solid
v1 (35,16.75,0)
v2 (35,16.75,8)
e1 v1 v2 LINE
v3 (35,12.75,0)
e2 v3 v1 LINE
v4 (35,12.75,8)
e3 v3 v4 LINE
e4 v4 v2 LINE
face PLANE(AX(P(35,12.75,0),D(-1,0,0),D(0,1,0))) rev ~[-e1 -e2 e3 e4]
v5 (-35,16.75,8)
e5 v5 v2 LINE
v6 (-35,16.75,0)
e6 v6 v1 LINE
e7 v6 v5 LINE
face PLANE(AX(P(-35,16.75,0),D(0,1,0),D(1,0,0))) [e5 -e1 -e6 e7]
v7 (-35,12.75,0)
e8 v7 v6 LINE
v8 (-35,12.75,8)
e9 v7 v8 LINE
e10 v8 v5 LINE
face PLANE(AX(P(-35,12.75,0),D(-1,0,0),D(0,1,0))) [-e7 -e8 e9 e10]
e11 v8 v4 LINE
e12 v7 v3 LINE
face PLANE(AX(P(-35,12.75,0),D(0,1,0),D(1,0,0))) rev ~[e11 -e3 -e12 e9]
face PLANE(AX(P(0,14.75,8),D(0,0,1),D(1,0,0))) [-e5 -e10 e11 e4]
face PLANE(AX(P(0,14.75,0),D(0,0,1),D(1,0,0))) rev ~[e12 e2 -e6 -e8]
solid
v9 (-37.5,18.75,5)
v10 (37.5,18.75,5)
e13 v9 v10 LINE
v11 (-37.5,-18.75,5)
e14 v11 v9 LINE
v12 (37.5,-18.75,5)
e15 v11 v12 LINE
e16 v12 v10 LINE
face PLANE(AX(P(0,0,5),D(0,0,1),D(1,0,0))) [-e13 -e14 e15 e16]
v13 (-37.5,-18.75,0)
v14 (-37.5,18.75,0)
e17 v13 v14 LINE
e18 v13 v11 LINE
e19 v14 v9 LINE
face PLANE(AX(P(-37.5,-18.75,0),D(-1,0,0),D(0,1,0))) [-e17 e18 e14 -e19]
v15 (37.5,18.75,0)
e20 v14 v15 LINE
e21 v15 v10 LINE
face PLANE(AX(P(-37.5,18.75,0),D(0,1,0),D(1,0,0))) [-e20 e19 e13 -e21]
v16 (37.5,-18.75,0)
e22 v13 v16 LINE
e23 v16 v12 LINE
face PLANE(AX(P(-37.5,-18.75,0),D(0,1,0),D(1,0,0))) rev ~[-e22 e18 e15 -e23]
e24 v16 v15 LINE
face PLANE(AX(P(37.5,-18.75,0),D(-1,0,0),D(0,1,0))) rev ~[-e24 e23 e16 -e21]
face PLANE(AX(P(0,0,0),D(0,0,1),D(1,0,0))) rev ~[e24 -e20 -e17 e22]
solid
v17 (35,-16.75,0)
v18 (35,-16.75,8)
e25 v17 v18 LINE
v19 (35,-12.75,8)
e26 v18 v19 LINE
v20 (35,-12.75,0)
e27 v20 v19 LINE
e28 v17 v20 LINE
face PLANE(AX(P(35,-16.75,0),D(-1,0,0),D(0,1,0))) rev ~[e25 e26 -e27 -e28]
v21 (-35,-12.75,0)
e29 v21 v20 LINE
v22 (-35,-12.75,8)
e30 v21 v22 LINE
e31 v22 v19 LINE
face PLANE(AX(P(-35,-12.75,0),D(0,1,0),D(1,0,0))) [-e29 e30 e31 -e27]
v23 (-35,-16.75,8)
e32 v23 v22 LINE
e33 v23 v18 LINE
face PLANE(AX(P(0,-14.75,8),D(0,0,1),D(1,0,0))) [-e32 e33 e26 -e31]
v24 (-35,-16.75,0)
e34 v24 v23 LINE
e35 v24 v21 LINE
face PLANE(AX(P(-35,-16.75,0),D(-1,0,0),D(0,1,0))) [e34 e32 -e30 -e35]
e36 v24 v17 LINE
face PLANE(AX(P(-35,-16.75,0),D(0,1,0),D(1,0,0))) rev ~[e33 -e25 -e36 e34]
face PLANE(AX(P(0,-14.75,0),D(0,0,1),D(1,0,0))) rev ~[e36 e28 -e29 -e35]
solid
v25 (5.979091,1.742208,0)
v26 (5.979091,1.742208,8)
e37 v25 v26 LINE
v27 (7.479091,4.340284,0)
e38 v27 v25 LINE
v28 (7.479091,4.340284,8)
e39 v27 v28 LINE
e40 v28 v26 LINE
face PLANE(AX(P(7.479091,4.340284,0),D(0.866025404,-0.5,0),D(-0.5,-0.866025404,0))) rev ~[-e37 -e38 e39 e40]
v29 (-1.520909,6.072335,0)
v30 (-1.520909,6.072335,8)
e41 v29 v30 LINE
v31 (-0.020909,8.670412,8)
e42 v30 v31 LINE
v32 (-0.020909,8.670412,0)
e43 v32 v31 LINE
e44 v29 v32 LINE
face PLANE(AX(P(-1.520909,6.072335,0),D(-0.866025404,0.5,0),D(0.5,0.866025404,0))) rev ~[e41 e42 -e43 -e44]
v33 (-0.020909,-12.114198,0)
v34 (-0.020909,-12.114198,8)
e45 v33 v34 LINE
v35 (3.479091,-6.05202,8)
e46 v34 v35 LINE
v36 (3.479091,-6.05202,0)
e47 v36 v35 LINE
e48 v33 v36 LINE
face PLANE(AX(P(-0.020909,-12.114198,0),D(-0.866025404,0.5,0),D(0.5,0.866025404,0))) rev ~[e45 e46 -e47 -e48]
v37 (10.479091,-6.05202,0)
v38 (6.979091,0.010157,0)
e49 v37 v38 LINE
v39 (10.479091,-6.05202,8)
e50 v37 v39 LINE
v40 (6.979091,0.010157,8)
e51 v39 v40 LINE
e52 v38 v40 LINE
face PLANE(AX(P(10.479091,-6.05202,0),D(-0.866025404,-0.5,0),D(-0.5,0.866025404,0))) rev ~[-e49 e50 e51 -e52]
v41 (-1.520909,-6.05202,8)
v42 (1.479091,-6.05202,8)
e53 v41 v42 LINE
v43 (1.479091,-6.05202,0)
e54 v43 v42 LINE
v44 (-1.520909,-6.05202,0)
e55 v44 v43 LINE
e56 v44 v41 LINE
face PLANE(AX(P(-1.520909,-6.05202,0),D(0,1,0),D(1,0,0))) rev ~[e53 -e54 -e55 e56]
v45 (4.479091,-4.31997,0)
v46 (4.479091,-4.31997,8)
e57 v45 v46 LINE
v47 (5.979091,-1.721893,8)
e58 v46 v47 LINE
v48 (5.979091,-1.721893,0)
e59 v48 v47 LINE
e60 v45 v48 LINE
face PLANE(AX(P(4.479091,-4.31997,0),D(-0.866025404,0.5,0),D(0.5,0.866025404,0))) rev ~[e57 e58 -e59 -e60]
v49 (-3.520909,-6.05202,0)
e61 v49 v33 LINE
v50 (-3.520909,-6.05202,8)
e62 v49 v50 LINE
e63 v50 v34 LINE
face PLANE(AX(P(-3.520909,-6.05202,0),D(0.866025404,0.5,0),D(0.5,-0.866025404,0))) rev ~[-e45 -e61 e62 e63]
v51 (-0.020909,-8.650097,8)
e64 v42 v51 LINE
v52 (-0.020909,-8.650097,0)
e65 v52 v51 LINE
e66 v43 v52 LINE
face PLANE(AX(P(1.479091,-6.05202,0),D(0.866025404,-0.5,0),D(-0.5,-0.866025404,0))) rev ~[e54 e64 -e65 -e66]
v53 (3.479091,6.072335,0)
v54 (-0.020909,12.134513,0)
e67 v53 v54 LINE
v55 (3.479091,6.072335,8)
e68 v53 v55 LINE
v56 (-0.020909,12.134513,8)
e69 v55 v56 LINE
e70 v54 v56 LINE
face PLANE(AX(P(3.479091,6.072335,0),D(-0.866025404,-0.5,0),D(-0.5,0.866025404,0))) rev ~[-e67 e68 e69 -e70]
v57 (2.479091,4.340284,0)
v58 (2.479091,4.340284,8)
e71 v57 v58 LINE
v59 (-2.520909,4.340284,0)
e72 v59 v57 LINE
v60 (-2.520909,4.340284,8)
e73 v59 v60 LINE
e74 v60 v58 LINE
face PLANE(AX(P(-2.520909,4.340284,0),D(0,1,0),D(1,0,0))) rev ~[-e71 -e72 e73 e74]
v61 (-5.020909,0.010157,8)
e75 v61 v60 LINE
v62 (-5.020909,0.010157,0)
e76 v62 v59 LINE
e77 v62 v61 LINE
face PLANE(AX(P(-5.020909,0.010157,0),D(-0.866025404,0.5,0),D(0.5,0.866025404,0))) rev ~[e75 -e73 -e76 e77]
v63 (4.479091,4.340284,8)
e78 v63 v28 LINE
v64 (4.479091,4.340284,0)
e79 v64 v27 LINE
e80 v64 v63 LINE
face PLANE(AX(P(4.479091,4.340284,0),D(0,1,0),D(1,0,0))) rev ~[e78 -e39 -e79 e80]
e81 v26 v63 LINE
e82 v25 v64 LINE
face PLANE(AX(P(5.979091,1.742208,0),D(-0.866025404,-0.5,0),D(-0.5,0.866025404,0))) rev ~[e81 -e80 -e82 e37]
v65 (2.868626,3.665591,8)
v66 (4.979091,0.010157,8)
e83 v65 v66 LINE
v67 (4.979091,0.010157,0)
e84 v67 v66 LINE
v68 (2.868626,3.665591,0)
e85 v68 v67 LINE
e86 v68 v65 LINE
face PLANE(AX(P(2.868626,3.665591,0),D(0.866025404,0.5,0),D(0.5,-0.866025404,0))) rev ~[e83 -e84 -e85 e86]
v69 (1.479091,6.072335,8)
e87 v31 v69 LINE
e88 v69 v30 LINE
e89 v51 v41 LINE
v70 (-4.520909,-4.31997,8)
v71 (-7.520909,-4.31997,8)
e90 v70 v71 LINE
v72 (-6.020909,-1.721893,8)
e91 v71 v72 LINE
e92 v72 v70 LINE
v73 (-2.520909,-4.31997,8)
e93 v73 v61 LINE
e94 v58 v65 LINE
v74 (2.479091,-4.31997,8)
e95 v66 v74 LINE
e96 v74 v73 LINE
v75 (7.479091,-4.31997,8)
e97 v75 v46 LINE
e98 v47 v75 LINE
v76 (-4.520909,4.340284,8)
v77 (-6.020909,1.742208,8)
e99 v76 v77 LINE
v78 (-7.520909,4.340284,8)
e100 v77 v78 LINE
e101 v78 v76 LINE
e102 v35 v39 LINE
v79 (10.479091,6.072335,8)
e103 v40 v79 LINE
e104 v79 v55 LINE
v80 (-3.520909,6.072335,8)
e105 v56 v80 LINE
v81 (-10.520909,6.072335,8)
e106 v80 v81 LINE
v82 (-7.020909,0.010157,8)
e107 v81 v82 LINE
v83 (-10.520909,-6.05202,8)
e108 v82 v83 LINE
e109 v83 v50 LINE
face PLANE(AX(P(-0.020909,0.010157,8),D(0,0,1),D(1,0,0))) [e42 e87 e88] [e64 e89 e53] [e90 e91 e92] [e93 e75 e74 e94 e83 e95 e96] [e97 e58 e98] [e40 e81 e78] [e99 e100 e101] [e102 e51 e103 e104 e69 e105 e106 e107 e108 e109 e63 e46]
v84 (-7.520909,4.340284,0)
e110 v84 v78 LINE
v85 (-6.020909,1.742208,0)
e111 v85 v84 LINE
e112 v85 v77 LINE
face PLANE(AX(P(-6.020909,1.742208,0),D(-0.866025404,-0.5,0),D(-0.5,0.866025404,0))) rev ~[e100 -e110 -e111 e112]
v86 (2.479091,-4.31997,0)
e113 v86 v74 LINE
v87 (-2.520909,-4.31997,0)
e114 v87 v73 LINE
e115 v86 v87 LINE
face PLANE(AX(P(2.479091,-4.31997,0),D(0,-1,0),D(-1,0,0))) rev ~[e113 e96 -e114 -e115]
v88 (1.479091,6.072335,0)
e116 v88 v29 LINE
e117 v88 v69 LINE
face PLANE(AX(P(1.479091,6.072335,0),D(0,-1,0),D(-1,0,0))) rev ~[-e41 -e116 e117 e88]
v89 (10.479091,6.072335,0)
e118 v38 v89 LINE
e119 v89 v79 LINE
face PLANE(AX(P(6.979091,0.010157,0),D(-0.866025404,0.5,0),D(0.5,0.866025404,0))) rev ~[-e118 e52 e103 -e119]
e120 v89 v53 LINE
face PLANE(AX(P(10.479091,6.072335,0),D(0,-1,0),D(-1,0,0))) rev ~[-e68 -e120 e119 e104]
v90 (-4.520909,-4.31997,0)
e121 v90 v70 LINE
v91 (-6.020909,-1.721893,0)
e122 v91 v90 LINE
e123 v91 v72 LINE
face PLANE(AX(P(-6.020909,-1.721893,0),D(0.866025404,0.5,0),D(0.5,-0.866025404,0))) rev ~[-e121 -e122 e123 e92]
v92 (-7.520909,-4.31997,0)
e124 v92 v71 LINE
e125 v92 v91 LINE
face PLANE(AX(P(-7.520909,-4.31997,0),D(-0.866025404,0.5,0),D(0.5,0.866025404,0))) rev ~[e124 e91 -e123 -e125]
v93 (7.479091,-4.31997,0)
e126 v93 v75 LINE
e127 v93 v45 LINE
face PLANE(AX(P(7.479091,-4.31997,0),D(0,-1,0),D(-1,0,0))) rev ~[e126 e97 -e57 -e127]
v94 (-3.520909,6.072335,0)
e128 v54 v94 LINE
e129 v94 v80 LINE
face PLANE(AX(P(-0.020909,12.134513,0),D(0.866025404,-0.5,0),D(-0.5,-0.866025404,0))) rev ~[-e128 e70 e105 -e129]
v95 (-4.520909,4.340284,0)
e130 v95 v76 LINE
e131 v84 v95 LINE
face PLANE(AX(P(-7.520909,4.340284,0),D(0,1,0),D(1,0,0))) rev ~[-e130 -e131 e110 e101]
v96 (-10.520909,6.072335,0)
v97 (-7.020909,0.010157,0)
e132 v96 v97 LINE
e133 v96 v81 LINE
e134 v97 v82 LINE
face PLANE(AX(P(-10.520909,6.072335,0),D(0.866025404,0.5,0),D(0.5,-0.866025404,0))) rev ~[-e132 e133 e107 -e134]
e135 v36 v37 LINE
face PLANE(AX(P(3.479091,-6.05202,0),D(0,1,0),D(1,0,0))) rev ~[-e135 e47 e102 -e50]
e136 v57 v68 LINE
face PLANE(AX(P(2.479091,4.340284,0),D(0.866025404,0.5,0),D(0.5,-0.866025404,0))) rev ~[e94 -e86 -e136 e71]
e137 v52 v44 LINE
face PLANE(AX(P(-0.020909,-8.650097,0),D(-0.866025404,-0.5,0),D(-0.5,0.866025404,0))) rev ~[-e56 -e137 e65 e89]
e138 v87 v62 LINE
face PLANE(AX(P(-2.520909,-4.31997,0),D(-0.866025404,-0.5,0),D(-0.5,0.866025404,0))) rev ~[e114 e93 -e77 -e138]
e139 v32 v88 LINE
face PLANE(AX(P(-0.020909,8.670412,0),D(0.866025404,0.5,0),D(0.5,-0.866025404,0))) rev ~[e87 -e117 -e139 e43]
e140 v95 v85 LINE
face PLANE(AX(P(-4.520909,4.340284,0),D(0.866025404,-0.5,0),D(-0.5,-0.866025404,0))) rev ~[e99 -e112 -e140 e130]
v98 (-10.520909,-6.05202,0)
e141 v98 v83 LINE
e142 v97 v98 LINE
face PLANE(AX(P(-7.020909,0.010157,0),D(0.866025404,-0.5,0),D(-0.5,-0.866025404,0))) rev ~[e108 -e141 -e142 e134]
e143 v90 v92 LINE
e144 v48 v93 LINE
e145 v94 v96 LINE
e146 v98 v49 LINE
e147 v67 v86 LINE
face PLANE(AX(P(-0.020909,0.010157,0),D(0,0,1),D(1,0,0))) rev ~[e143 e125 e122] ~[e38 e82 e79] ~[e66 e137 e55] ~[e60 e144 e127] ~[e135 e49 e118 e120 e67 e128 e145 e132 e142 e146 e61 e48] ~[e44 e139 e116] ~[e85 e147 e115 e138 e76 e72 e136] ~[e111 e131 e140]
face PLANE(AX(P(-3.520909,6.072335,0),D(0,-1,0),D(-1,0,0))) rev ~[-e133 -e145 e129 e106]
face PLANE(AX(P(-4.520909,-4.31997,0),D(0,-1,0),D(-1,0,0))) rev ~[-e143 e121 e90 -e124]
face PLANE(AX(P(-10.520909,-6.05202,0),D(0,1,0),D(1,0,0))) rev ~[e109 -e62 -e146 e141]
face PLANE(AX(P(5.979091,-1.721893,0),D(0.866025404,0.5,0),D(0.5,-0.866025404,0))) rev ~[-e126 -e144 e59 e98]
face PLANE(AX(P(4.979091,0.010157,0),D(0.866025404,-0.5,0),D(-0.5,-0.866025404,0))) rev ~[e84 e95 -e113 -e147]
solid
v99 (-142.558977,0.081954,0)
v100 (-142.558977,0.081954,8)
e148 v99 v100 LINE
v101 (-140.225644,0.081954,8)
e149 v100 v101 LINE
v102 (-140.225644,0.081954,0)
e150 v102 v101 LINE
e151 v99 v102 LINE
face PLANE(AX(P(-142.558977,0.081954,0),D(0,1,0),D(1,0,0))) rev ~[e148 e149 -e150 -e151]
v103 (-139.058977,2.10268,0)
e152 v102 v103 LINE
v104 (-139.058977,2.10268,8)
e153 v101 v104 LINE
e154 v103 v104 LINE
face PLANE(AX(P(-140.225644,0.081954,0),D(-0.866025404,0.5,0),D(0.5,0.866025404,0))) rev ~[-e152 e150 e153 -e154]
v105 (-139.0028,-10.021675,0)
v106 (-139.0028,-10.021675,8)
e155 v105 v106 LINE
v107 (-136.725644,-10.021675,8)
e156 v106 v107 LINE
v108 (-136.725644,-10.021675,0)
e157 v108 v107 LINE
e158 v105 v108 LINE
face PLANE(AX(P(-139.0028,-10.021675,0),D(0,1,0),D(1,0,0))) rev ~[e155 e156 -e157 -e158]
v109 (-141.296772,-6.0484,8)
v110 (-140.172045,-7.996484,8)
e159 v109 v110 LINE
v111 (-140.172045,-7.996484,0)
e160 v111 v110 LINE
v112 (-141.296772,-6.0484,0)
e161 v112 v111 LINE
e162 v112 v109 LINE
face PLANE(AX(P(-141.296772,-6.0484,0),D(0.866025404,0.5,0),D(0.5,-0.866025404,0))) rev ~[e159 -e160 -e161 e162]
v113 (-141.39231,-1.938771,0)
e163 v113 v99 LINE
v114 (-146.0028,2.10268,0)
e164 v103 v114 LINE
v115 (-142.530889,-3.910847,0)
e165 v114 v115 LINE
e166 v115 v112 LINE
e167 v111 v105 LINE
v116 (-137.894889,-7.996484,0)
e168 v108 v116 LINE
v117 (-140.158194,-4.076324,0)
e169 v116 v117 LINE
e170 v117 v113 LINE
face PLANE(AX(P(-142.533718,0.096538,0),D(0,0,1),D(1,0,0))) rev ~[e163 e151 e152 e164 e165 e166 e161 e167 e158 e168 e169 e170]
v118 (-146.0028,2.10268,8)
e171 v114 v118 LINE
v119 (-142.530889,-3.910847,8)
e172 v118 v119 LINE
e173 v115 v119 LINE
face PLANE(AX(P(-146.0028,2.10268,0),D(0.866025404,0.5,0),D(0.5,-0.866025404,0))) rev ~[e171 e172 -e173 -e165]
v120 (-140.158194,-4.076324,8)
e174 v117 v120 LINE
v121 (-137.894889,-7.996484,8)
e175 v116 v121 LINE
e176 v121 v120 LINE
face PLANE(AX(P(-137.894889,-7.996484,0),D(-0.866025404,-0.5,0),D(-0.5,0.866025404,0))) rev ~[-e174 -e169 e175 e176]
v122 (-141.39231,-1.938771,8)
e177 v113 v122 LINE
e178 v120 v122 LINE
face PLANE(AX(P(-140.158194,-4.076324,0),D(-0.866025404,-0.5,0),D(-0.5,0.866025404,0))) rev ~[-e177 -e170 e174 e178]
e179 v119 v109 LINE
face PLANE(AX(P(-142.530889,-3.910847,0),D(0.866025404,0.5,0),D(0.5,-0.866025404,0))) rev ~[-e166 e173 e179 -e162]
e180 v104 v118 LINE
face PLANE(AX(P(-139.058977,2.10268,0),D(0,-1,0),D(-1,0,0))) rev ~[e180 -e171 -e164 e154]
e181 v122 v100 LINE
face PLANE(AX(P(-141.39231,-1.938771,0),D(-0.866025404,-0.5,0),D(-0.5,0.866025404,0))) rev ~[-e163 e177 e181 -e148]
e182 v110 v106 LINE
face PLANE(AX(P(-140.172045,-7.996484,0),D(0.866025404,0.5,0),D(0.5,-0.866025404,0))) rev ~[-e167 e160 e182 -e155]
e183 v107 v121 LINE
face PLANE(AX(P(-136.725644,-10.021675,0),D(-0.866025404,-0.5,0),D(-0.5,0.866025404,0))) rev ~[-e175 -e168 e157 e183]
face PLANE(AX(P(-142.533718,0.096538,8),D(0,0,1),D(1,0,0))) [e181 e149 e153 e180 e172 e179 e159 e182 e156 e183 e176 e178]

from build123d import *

# Parameters (mm, degrees)
F0_W     = 75
F0_H     = 37.5
F1_DEPTH = 5
F2_W     = 70
F2_H     = 4
F3_DEPTH = 8
F5_DEPTH = 8


with BuildPart() as f1:
    # F0 (on Top) → F1 (new body)
    with BuildSketch(Plane.XY):
        Rectangle(F0_W, F0_H)
    extrude(amount=F1_DEPTH)


with BuildPart() as f3:
    # F2 (on Top) → F3 (new body)
    with BuildSketch(Plane.XY):
        with Locations((0, 14.75)):
            Rectangle(F2_W, F2_H)
    extrude(amount=F3_DEPTH)


with BuildPart() as f3b:
    # F2 (on Top) → F3, piece 2 (new body)
    with BuildSketch(Plane.XY):
        with Locations((0, -14.75)):
            Rectangle(F2_W, F2_H)
    extrude(amount=F3_DEPTH)


with BuildPart() as f5:
    # F4 (on Top) → F5 (new body)
    with BuildSketch(Plane.XY):
        Polygon((-4.520908765, 4.3402844962), (-6.020908765, 1.7422082849), (-7.020908765, 0.0101574773), (-6.020908765, -1.7218933303), (-4.520908765, -4.3199695416), (-3.520908765, -6.0520203492), (-1.520908765, -6.0520203492), (1.479091235, -6.0520203492), (3.479091235, -6.0520203492), (4.479091235, -4.3199695416), (5.979091235, -1.7218933303), (6.979091235, 0.0101574773), (5.979091235, 1.7422082849), (4.479091235, 4.3402844962), (3.479091235, 6.0723353038), (1.479091235, 6.0723353038), (-1.520908765, 6.0723353038), (-3.520908765, 6.0723353038), align=None)
        Polygon((2.479091235, 4.3402844962), (2.8686255467, 3.6655912771), (4.979091235, 0.0101574773), (2.479091235, -4.3199695416), (-2.520908765, -4.3199695416), (-5.020908765, 0.0101574773), (-2.520908765, 4.3402844962), align=None, mode=Mode.SUBTRACT)
        Polygon((-6.020908765, -1.7218933303), (-7.020908765, 0.0101574773), (-10.520908765, -6.0520203492), (-3.520908765, -6.0520203492), (-4.520908765, -4.3199695416), (-7.520908765, -4.3199695416), align=None)
        Polygon((-0.020908765, 12.1345131303), (-3.520908765, 6.0723353038), (-1.520908765, 6.0723353038), (-0.020908765, 8.6704115151), (1.479091235, 6.0723353038), (3.479091235, 6.0723353038), align=None)
        Polygon((10.479091235, 6.0723353038), (3.479091235, 6.0723353038), (4.479091235, 4.3402844962), (7.479091235, 4.3402844962), (5.979091235, 1.7422082849), (6.979091235, 0.0101574773), align=None)
        Polygon((-1.520908765, -6.0520203492), (-3.520908765, -6.0520203492), (-0.020908765, -12.1141981757), (3.479091235, -6.0520203492), (1.479091235, -6.0520203492), (-0.020908765, -8.6500965606), align=None)
        Polygon((-7.020908765, 0.0101574773), (-6.020908765, 1.7422082849), (-7.520908765, 4.3402844962), (-4.520908765, 4.3402844962), (-3.520908765, 6.0723353038), (-10.520908765, 6.0723353038), align=None)
        Polygon((4.479091235, -4.3199695416), (3.479091235, -6.0520203492), (10.479091235, -6.0520203492), (6.979091235, 0.0101574773), (5.979091235, -1.7218933303), (7.479091235, -4.3199695416), align=None)
    extrude(amount=F5_DEPTH)


with BuildPart() as f5b:
    # F4 (on Top) → F5, piece 2 (new body)
    with BuildSketch(Plane.XY):
        Polygon((-146.0028003454, 2.1026803896), (-142.5308886766, -3.9108470201), (-141.3923103412, -1.9387714947), (-142.5589770079, 0.0819544474), (-140.2256436745, 0.0819544474), (-139.0589770079, 2.1026803896), align=None)
        Polygon((-141.3923103412, -1.9387714947), (-142.5308886766, -3.9108470201), (-141.2967720655, -6.0483996931), (-140.15819373, -4.0763241677), align=None)
        Polygon((-140.15819373, -4.0763241677), (-141.2967720655, -6.0483996931), (-140.1720452363, -7.9964837059), (-137.8948885654, -7.9964837059), align=None)
        Polygon((-140.1720452363, -7.9964837059), (-139.0028003454, -10.0216752634), (-136.7256436745, -10.0216752634), (-137.8948885654, -7.9964837059), align=None)
    extrude(amount=F5_DEPTH)


solid = Compound([f1.part, f3.part, f3b.part, f5.part, f5b.part])
